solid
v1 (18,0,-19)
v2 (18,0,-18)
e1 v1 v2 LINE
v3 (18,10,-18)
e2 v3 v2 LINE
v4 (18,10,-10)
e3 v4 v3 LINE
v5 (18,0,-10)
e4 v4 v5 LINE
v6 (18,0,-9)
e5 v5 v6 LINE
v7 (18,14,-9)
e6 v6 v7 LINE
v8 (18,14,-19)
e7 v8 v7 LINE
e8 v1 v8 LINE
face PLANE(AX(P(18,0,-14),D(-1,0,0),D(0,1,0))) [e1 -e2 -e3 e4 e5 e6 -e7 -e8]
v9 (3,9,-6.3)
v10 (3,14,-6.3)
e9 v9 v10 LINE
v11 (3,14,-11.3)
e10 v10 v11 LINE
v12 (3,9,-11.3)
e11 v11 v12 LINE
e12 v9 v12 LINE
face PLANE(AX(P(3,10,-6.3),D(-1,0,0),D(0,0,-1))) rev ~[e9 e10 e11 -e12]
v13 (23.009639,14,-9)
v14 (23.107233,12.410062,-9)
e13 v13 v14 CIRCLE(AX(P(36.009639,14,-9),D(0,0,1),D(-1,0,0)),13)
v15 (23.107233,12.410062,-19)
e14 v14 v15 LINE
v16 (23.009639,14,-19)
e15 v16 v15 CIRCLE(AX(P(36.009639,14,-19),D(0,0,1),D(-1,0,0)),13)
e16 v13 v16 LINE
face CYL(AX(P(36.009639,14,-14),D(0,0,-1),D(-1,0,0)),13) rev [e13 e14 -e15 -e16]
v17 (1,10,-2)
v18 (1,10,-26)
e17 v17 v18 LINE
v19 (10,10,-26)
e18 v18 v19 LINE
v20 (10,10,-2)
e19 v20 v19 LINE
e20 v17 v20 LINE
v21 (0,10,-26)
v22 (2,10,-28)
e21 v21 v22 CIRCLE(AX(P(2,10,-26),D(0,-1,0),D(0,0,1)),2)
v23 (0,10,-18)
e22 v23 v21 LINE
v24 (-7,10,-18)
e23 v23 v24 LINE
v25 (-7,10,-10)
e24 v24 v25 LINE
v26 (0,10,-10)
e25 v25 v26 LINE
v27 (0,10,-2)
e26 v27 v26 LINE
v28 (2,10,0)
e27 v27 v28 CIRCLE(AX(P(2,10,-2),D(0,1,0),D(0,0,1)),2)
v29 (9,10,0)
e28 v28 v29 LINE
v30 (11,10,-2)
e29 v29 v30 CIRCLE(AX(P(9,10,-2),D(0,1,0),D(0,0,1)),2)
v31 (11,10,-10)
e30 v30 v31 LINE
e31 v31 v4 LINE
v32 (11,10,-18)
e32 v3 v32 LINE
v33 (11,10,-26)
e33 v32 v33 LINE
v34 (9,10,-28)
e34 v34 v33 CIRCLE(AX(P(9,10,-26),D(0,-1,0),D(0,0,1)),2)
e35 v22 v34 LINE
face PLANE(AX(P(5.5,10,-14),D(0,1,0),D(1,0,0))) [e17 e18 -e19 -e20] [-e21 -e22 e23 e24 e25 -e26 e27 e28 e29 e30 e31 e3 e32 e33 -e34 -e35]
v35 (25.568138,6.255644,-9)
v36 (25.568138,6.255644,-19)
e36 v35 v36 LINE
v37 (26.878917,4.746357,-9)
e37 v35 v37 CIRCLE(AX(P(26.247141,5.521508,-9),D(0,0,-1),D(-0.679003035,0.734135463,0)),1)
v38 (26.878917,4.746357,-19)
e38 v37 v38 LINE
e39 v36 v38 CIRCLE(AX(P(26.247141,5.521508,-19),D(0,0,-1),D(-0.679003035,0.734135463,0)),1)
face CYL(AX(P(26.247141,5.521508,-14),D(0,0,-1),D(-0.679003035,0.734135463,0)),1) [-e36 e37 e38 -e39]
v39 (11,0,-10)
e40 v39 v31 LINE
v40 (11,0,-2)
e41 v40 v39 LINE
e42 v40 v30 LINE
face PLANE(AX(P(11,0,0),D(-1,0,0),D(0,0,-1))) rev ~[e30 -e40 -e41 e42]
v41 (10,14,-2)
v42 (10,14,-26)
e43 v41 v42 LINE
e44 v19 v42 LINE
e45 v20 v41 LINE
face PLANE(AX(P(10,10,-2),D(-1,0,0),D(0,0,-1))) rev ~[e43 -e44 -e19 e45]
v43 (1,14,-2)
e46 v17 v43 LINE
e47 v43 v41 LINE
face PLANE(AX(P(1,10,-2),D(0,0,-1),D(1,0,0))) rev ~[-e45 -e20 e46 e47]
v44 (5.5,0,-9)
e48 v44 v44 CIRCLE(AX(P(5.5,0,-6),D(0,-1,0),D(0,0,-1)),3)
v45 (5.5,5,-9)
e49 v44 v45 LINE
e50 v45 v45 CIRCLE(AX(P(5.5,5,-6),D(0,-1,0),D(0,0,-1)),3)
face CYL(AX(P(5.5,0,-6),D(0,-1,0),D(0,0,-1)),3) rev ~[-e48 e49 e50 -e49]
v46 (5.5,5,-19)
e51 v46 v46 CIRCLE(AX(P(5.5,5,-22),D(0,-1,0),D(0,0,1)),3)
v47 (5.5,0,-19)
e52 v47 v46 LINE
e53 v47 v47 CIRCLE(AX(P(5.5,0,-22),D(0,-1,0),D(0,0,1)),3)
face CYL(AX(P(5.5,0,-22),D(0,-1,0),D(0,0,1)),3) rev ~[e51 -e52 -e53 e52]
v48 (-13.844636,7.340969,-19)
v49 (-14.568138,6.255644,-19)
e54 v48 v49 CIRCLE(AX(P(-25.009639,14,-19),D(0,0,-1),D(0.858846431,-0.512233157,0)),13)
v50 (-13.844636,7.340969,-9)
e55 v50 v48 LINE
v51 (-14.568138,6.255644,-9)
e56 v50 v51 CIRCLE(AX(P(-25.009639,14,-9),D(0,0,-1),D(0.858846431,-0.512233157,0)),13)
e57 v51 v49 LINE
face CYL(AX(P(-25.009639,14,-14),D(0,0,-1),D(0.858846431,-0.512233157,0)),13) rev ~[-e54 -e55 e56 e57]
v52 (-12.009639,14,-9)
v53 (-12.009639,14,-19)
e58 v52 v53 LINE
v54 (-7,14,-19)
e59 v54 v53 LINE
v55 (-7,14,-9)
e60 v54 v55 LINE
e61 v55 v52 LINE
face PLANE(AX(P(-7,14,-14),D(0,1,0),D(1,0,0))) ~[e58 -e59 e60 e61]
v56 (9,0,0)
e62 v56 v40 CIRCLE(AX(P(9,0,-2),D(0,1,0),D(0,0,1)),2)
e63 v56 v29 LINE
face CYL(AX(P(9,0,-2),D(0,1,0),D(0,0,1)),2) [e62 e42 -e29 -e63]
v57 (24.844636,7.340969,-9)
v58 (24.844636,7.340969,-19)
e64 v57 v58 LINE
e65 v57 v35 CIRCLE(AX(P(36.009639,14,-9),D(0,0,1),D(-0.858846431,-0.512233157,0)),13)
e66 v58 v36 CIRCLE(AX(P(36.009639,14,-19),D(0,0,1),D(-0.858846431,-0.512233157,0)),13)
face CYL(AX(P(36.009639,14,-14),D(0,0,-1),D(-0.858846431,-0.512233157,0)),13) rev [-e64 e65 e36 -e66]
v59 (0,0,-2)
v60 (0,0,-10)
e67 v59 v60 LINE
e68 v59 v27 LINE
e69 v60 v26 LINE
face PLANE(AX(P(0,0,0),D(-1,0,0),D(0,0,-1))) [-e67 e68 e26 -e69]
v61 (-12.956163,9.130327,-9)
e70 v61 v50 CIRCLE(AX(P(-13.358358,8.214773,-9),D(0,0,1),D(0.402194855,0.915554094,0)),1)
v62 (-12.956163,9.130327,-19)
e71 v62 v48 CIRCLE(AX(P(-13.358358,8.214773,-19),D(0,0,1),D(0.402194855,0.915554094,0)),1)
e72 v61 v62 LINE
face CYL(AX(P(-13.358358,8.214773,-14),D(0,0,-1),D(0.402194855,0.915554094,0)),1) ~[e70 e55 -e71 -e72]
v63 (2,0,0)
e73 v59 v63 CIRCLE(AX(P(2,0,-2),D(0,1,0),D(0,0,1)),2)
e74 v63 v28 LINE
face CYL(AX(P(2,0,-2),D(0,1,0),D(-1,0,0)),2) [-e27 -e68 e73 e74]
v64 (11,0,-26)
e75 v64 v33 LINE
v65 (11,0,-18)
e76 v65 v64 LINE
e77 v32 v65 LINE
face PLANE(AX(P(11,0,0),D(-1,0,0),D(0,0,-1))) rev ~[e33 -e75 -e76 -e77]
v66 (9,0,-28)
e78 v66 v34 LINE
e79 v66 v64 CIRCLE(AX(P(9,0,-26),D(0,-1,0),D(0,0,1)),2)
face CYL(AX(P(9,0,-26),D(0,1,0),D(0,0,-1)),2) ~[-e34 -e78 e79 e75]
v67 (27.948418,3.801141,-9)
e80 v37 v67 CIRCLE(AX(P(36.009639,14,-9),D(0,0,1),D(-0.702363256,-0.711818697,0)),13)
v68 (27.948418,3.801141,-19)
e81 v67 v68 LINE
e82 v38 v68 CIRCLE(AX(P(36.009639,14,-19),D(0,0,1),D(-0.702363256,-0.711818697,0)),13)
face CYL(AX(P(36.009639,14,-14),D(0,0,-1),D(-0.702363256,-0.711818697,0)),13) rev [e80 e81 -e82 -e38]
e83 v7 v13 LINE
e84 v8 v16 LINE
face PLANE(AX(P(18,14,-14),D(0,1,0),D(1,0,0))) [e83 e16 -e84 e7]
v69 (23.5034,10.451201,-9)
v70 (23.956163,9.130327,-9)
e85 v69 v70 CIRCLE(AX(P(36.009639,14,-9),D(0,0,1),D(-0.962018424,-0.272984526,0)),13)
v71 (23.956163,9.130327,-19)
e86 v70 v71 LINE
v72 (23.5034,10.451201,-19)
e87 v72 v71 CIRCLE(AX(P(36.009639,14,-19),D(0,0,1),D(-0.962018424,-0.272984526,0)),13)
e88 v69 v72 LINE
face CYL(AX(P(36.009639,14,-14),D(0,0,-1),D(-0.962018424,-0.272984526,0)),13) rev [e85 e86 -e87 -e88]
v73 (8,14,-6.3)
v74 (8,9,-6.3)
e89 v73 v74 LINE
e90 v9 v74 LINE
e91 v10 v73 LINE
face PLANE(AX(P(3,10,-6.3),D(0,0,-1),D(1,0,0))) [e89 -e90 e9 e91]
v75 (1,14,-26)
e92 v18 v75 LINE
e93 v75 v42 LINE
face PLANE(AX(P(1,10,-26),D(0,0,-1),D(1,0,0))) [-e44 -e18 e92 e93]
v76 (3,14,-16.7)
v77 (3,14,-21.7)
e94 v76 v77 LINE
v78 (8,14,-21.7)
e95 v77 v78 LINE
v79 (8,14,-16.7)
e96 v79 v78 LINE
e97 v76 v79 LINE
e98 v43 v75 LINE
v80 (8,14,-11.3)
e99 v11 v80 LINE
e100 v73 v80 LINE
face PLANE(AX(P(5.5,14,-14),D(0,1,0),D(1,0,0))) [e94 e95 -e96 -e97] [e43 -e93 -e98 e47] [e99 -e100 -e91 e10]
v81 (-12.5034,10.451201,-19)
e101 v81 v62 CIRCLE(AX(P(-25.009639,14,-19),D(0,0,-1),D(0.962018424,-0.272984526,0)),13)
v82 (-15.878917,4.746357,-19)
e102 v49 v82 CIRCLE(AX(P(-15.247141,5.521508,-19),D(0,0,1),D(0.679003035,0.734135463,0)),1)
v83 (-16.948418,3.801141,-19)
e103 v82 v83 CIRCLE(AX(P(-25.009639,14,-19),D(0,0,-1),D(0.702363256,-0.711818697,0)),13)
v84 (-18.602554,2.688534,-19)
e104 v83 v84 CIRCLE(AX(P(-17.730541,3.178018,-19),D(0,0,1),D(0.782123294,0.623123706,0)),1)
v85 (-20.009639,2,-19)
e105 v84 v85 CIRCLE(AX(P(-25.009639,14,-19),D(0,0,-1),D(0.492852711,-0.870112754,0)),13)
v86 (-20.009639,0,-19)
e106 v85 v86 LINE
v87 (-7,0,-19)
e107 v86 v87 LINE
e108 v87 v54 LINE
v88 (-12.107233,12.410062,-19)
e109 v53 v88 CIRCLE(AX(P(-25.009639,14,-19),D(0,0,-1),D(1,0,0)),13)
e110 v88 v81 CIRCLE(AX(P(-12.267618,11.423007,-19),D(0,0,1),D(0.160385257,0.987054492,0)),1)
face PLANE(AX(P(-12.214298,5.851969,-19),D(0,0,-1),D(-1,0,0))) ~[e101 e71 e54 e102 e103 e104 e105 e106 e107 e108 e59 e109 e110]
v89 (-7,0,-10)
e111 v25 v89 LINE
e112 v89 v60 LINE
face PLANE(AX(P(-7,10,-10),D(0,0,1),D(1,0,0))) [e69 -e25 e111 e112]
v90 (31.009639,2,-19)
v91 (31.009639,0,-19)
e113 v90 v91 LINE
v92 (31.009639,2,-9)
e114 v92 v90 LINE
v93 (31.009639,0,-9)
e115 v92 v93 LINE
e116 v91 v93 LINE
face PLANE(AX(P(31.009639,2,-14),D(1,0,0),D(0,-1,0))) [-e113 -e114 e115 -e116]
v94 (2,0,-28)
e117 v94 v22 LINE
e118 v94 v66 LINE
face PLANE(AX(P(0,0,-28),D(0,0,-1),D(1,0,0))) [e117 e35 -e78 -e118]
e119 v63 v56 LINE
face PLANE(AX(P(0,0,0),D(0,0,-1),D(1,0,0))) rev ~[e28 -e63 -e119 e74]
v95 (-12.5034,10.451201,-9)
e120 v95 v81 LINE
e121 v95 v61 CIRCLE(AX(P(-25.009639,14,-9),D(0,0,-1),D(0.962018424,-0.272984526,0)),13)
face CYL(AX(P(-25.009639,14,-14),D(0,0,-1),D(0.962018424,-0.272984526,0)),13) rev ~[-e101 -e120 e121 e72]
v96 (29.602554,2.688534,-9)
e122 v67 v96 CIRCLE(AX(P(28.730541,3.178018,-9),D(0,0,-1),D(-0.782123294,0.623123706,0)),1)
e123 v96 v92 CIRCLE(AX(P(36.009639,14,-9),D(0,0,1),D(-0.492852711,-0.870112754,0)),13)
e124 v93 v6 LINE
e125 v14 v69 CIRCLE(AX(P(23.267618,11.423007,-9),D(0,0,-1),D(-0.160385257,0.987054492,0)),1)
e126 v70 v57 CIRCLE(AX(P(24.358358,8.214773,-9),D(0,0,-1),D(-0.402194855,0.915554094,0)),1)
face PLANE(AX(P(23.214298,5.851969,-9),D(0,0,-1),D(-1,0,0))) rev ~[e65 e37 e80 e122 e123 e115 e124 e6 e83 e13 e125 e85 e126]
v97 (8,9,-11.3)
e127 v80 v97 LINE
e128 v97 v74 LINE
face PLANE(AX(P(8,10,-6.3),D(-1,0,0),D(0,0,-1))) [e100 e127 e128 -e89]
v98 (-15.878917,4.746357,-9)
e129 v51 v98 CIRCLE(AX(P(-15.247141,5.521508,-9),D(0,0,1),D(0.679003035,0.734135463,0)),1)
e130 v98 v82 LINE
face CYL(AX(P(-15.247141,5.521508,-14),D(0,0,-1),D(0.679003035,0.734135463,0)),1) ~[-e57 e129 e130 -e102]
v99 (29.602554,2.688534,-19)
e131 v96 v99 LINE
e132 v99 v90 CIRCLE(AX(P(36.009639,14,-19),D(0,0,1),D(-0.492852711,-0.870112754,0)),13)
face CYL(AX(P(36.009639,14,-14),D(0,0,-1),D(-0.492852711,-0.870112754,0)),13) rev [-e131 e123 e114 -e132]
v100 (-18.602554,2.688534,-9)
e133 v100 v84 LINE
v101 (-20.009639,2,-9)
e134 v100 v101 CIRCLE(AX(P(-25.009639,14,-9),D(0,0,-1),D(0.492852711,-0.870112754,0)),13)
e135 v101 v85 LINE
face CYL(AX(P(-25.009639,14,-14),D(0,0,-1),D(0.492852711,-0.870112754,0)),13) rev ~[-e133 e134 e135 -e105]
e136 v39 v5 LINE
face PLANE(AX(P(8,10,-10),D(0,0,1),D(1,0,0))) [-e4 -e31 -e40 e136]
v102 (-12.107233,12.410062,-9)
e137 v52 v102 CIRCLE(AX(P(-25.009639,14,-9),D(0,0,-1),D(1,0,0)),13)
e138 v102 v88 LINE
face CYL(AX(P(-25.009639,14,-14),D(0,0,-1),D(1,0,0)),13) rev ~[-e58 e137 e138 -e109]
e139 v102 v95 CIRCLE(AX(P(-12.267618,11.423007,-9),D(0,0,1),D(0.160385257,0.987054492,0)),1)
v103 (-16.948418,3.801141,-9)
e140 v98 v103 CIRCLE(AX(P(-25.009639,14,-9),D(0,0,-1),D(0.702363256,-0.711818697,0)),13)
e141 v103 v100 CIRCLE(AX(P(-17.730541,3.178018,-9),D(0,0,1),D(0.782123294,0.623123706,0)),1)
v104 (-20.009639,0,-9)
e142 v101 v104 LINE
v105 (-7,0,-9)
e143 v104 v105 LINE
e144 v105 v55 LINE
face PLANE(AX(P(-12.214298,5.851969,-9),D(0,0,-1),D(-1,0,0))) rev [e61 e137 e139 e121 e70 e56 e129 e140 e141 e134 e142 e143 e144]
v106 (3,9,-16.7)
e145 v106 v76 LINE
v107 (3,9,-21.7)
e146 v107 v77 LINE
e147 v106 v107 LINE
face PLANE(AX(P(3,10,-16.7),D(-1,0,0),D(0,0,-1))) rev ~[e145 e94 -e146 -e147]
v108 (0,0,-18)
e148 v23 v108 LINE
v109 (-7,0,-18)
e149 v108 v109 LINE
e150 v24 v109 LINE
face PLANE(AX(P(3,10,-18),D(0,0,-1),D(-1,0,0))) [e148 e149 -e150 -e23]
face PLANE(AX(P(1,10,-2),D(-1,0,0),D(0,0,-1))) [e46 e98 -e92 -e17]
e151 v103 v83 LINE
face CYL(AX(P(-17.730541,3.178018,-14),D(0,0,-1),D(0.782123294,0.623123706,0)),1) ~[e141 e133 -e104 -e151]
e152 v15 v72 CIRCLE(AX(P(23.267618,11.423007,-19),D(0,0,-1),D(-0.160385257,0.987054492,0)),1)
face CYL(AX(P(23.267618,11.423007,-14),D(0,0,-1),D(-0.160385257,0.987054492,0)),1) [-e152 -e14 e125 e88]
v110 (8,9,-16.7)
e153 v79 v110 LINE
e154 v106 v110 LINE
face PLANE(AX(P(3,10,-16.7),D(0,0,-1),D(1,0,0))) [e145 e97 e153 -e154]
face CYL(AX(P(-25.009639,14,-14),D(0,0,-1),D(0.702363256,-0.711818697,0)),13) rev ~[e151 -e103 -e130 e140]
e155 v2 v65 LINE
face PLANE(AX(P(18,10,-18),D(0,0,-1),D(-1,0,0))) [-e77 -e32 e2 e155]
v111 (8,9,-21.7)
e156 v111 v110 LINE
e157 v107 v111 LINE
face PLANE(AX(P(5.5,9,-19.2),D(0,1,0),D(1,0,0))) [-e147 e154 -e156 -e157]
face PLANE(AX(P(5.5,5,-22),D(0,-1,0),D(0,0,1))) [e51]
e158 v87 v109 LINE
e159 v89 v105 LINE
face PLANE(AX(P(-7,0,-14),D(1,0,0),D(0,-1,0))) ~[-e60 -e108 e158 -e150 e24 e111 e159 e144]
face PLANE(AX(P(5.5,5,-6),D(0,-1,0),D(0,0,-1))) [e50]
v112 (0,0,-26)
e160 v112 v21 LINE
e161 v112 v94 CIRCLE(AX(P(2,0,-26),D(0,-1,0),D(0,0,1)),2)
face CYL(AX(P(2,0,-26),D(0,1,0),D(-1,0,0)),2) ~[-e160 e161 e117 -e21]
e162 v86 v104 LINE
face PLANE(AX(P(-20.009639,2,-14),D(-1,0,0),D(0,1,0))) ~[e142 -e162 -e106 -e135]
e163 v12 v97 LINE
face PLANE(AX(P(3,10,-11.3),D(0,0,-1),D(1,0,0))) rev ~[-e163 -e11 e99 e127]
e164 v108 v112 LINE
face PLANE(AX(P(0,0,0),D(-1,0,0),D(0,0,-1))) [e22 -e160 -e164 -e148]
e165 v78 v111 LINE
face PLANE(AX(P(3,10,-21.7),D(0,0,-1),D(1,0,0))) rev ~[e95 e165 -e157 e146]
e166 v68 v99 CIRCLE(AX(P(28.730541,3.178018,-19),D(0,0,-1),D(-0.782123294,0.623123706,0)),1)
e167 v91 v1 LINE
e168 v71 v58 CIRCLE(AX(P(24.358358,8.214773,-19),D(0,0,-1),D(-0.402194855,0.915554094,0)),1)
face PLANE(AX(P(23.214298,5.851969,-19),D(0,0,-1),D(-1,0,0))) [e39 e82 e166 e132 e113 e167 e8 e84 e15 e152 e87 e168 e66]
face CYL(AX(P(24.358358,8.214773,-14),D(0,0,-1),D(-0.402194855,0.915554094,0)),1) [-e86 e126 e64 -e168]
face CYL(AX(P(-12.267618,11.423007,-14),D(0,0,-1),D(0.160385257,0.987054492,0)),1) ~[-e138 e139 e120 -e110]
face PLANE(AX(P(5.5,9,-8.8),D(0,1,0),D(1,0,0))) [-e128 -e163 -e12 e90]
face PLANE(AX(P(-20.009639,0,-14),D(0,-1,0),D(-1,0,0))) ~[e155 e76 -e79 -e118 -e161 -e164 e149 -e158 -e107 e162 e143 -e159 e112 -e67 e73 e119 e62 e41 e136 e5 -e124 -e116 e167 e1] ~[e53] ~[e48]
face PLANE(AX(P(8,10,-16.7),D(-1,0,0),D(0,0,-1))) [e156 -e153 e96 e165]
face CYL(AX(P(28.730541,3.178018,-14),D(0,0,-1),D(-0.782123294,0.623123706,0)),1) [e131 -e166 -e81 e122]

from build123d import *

# Parameters (mm, degrees)
SKETCH1_W           = 11
SKETCH1_H           = 28
BOSS_EXTRUDE1_DEPTH = 10
SKETCH2_R           = 3
CUT_EXTRUDE1_DEPTH  = 5
SKETCH3_W           = 5
SKETCH3_H           = 5
CUT_EXTRUDE2_DEPTH  = 1
FILLET1_R           = 2
BOSS_EXTRUDE2_DEPTH = 10
BOSS_EXTRUDE3_DEPTH = 5
SKETCH6_W           = 9
SKETCH6_H           = 24
SKETCH6_W_2         = 5
SKETCH6_H_2         = 5
BOSS_EXTRUDE4_DEPTH = 4


with BuildPart() as part:
    # Sketch1 → Boss-Extrude1 (new body)
    with BuildSketch(Plane(origin=(0, 0, 0), x_dir=(1, 0, 0), z_dir=(0, 1, 0))):
        with Locations((5.5, 14)):
            Rectangle(SKETCH1_W, SKETCH1_H)
    extrude(amount=BOSS_EXTRUDE1_DEPTH)

    # Sketch2 → Cut-Extrude1 (cut)
    with BuildSketch(Plane.XZ):
        with Locations(Location((5.5, -6, 0), (0, 0, 270))):  # turned: the seam where the file's is
            Circle(SKETCH2_R)
        with Locations(Location((5.5, -22, 0), (0, 0, 90))):  # turned: the seam where the file's is
            Circle(SKETCH2_R)
    extrude(amount=-CUT_EXTRUDE1_DEPTH, mode=Mode.SUBTRACT)

    # Sketch3 → Cut-Extrude2 (cut)
    with BuildSketch(Plane(origin=(0, 10, 0), x_dir=(1, 0, 0), z_dir=(0, 1, 0))):
        with Locations((5.5, 8.8)):
            Rectangle(SKETCH3_W, SKETCH3_H)
        with Locations((5.5, 19.2)):
            Rectangle(SKETCH3_W, SKETCH3_H)
    extrude(amount=-CUT_EXTRUDE2_DEPTH, mode=Mode.SUBTRACT)

    # Fillet1
    fillet1_edges = [part.edges().sort_by_distance(p)[0] for p in [
        (0, 5, -28),
        (11, 5, -28),
        (11, 5, 0),
        (0, 5, 0),
    ]]
    fillet(fillet1_edges, radius=FILLET1_R)

    # Sketch4 → Boss-Extrude2 (add)
    with BuildSketch(Plane(origin=(0, 10, 0), x_dir=(1, 0, 0), z_dir=(0, 1, 0))):
        Polygon((-7, 10), (3, 10), (3, 11.3), (8, 11.3), (8, 10), (18, 10), (18, 18), (8, 18), (8, 16.7), (3, 16.7), (3, 18), (-7, 18), align=None)
    extrude(amount=-BOSS_EXTRUDE2_DEPTH)

    # Sketch5 → Boss-Extrude3 (add, symmetric)
    with BuildSketch(Plane(origin=(0, 0, -14), x_dir=(-1, 0, 0), z_dir=(0, 0, -1))):
        with BuildLine():
            Line((-18, 10), (-18, 14))
            Line((-18, 14), (-23.009639132, 14))
            ThreePointArc((-23.009639132, 14), (-23.034060421, 13.203534611), (-23.107232535, 12.410061639))
            ThreePointArc((-23.107232535, 12.410061639), (-24.247773279, 11.621237367), (-23.503399625, 10.451201135))
            ThreePointArc((-23.503399625, 10.451201135), (-23.712034257, 9.784680991), (-23.956162944, 9.130327344))
            ThreePointArc((-23.956162944, 9.130327344), (-25.254024229, 8.659499735), (-24.844635532, 7.340968944))
            ThreePointArc((-24.844635532, 7.340968944), (-25.19276603, 6.789226373), (-25.568138069, 6.255643632))
            ThreePointArc((-25.568138069, 6.255643632), (-27.002153814, 6.177218324), (-26.878916821, 4.74635693))
            ThreePointArc((-26.878916821, 4.74635693), (-27.400685234, 4.259059964), (-27.948418079, 3.801141479))
            ThreePointArc((-27.948418079, 3.801141479), (-29.288657634, 4.007780534), (-29.602553888, 2.688534194))
            ThreePointArc((-29.602553888, 2.688534194), (-30.295715938, 2.323053407), (-31.009639132, 2))
            Line((-31.009639132, 2), (-31.009639132, 0))
            Line((-31.009639132, 0), (-18, 0))
            Line((-18, 0), (-18, 10))
        make_face()
    boss_extrude3 = extrude(amount=BOSS_EXTRUDE3_DEPTH, both=True)

    # Mirror1: Boss-Extrude3 across plane
    add(boss_extrude3.mirror(Plane.ZY.offset(-5.5)))

    # Sketch6 → Boss-Extrude4 (add)
    with BuildSketch(Plane(origin=(0, 10, 0), x_dir=(1, 0, 0), z_dir=(0, 1, 0))):
        with Locations((5.5, 14)):
            Rectangle(SKETCH6_W, SKETCH6_H)
        with Locations((5.5, 19.2)):
            Rectangle(SKETCH6_W_2, SKETCH6_H_2, mode=Mode.SUBTRACT)
        with Locations((5.5, 8.8)):
            Rectangle(SKETCH6_W_2, SKETCH6_H_2, mode=Mode.SUBTRACT)
    extrude(amount=BOSS_EXTRUDE4_DEPTH)


solid = part.part
